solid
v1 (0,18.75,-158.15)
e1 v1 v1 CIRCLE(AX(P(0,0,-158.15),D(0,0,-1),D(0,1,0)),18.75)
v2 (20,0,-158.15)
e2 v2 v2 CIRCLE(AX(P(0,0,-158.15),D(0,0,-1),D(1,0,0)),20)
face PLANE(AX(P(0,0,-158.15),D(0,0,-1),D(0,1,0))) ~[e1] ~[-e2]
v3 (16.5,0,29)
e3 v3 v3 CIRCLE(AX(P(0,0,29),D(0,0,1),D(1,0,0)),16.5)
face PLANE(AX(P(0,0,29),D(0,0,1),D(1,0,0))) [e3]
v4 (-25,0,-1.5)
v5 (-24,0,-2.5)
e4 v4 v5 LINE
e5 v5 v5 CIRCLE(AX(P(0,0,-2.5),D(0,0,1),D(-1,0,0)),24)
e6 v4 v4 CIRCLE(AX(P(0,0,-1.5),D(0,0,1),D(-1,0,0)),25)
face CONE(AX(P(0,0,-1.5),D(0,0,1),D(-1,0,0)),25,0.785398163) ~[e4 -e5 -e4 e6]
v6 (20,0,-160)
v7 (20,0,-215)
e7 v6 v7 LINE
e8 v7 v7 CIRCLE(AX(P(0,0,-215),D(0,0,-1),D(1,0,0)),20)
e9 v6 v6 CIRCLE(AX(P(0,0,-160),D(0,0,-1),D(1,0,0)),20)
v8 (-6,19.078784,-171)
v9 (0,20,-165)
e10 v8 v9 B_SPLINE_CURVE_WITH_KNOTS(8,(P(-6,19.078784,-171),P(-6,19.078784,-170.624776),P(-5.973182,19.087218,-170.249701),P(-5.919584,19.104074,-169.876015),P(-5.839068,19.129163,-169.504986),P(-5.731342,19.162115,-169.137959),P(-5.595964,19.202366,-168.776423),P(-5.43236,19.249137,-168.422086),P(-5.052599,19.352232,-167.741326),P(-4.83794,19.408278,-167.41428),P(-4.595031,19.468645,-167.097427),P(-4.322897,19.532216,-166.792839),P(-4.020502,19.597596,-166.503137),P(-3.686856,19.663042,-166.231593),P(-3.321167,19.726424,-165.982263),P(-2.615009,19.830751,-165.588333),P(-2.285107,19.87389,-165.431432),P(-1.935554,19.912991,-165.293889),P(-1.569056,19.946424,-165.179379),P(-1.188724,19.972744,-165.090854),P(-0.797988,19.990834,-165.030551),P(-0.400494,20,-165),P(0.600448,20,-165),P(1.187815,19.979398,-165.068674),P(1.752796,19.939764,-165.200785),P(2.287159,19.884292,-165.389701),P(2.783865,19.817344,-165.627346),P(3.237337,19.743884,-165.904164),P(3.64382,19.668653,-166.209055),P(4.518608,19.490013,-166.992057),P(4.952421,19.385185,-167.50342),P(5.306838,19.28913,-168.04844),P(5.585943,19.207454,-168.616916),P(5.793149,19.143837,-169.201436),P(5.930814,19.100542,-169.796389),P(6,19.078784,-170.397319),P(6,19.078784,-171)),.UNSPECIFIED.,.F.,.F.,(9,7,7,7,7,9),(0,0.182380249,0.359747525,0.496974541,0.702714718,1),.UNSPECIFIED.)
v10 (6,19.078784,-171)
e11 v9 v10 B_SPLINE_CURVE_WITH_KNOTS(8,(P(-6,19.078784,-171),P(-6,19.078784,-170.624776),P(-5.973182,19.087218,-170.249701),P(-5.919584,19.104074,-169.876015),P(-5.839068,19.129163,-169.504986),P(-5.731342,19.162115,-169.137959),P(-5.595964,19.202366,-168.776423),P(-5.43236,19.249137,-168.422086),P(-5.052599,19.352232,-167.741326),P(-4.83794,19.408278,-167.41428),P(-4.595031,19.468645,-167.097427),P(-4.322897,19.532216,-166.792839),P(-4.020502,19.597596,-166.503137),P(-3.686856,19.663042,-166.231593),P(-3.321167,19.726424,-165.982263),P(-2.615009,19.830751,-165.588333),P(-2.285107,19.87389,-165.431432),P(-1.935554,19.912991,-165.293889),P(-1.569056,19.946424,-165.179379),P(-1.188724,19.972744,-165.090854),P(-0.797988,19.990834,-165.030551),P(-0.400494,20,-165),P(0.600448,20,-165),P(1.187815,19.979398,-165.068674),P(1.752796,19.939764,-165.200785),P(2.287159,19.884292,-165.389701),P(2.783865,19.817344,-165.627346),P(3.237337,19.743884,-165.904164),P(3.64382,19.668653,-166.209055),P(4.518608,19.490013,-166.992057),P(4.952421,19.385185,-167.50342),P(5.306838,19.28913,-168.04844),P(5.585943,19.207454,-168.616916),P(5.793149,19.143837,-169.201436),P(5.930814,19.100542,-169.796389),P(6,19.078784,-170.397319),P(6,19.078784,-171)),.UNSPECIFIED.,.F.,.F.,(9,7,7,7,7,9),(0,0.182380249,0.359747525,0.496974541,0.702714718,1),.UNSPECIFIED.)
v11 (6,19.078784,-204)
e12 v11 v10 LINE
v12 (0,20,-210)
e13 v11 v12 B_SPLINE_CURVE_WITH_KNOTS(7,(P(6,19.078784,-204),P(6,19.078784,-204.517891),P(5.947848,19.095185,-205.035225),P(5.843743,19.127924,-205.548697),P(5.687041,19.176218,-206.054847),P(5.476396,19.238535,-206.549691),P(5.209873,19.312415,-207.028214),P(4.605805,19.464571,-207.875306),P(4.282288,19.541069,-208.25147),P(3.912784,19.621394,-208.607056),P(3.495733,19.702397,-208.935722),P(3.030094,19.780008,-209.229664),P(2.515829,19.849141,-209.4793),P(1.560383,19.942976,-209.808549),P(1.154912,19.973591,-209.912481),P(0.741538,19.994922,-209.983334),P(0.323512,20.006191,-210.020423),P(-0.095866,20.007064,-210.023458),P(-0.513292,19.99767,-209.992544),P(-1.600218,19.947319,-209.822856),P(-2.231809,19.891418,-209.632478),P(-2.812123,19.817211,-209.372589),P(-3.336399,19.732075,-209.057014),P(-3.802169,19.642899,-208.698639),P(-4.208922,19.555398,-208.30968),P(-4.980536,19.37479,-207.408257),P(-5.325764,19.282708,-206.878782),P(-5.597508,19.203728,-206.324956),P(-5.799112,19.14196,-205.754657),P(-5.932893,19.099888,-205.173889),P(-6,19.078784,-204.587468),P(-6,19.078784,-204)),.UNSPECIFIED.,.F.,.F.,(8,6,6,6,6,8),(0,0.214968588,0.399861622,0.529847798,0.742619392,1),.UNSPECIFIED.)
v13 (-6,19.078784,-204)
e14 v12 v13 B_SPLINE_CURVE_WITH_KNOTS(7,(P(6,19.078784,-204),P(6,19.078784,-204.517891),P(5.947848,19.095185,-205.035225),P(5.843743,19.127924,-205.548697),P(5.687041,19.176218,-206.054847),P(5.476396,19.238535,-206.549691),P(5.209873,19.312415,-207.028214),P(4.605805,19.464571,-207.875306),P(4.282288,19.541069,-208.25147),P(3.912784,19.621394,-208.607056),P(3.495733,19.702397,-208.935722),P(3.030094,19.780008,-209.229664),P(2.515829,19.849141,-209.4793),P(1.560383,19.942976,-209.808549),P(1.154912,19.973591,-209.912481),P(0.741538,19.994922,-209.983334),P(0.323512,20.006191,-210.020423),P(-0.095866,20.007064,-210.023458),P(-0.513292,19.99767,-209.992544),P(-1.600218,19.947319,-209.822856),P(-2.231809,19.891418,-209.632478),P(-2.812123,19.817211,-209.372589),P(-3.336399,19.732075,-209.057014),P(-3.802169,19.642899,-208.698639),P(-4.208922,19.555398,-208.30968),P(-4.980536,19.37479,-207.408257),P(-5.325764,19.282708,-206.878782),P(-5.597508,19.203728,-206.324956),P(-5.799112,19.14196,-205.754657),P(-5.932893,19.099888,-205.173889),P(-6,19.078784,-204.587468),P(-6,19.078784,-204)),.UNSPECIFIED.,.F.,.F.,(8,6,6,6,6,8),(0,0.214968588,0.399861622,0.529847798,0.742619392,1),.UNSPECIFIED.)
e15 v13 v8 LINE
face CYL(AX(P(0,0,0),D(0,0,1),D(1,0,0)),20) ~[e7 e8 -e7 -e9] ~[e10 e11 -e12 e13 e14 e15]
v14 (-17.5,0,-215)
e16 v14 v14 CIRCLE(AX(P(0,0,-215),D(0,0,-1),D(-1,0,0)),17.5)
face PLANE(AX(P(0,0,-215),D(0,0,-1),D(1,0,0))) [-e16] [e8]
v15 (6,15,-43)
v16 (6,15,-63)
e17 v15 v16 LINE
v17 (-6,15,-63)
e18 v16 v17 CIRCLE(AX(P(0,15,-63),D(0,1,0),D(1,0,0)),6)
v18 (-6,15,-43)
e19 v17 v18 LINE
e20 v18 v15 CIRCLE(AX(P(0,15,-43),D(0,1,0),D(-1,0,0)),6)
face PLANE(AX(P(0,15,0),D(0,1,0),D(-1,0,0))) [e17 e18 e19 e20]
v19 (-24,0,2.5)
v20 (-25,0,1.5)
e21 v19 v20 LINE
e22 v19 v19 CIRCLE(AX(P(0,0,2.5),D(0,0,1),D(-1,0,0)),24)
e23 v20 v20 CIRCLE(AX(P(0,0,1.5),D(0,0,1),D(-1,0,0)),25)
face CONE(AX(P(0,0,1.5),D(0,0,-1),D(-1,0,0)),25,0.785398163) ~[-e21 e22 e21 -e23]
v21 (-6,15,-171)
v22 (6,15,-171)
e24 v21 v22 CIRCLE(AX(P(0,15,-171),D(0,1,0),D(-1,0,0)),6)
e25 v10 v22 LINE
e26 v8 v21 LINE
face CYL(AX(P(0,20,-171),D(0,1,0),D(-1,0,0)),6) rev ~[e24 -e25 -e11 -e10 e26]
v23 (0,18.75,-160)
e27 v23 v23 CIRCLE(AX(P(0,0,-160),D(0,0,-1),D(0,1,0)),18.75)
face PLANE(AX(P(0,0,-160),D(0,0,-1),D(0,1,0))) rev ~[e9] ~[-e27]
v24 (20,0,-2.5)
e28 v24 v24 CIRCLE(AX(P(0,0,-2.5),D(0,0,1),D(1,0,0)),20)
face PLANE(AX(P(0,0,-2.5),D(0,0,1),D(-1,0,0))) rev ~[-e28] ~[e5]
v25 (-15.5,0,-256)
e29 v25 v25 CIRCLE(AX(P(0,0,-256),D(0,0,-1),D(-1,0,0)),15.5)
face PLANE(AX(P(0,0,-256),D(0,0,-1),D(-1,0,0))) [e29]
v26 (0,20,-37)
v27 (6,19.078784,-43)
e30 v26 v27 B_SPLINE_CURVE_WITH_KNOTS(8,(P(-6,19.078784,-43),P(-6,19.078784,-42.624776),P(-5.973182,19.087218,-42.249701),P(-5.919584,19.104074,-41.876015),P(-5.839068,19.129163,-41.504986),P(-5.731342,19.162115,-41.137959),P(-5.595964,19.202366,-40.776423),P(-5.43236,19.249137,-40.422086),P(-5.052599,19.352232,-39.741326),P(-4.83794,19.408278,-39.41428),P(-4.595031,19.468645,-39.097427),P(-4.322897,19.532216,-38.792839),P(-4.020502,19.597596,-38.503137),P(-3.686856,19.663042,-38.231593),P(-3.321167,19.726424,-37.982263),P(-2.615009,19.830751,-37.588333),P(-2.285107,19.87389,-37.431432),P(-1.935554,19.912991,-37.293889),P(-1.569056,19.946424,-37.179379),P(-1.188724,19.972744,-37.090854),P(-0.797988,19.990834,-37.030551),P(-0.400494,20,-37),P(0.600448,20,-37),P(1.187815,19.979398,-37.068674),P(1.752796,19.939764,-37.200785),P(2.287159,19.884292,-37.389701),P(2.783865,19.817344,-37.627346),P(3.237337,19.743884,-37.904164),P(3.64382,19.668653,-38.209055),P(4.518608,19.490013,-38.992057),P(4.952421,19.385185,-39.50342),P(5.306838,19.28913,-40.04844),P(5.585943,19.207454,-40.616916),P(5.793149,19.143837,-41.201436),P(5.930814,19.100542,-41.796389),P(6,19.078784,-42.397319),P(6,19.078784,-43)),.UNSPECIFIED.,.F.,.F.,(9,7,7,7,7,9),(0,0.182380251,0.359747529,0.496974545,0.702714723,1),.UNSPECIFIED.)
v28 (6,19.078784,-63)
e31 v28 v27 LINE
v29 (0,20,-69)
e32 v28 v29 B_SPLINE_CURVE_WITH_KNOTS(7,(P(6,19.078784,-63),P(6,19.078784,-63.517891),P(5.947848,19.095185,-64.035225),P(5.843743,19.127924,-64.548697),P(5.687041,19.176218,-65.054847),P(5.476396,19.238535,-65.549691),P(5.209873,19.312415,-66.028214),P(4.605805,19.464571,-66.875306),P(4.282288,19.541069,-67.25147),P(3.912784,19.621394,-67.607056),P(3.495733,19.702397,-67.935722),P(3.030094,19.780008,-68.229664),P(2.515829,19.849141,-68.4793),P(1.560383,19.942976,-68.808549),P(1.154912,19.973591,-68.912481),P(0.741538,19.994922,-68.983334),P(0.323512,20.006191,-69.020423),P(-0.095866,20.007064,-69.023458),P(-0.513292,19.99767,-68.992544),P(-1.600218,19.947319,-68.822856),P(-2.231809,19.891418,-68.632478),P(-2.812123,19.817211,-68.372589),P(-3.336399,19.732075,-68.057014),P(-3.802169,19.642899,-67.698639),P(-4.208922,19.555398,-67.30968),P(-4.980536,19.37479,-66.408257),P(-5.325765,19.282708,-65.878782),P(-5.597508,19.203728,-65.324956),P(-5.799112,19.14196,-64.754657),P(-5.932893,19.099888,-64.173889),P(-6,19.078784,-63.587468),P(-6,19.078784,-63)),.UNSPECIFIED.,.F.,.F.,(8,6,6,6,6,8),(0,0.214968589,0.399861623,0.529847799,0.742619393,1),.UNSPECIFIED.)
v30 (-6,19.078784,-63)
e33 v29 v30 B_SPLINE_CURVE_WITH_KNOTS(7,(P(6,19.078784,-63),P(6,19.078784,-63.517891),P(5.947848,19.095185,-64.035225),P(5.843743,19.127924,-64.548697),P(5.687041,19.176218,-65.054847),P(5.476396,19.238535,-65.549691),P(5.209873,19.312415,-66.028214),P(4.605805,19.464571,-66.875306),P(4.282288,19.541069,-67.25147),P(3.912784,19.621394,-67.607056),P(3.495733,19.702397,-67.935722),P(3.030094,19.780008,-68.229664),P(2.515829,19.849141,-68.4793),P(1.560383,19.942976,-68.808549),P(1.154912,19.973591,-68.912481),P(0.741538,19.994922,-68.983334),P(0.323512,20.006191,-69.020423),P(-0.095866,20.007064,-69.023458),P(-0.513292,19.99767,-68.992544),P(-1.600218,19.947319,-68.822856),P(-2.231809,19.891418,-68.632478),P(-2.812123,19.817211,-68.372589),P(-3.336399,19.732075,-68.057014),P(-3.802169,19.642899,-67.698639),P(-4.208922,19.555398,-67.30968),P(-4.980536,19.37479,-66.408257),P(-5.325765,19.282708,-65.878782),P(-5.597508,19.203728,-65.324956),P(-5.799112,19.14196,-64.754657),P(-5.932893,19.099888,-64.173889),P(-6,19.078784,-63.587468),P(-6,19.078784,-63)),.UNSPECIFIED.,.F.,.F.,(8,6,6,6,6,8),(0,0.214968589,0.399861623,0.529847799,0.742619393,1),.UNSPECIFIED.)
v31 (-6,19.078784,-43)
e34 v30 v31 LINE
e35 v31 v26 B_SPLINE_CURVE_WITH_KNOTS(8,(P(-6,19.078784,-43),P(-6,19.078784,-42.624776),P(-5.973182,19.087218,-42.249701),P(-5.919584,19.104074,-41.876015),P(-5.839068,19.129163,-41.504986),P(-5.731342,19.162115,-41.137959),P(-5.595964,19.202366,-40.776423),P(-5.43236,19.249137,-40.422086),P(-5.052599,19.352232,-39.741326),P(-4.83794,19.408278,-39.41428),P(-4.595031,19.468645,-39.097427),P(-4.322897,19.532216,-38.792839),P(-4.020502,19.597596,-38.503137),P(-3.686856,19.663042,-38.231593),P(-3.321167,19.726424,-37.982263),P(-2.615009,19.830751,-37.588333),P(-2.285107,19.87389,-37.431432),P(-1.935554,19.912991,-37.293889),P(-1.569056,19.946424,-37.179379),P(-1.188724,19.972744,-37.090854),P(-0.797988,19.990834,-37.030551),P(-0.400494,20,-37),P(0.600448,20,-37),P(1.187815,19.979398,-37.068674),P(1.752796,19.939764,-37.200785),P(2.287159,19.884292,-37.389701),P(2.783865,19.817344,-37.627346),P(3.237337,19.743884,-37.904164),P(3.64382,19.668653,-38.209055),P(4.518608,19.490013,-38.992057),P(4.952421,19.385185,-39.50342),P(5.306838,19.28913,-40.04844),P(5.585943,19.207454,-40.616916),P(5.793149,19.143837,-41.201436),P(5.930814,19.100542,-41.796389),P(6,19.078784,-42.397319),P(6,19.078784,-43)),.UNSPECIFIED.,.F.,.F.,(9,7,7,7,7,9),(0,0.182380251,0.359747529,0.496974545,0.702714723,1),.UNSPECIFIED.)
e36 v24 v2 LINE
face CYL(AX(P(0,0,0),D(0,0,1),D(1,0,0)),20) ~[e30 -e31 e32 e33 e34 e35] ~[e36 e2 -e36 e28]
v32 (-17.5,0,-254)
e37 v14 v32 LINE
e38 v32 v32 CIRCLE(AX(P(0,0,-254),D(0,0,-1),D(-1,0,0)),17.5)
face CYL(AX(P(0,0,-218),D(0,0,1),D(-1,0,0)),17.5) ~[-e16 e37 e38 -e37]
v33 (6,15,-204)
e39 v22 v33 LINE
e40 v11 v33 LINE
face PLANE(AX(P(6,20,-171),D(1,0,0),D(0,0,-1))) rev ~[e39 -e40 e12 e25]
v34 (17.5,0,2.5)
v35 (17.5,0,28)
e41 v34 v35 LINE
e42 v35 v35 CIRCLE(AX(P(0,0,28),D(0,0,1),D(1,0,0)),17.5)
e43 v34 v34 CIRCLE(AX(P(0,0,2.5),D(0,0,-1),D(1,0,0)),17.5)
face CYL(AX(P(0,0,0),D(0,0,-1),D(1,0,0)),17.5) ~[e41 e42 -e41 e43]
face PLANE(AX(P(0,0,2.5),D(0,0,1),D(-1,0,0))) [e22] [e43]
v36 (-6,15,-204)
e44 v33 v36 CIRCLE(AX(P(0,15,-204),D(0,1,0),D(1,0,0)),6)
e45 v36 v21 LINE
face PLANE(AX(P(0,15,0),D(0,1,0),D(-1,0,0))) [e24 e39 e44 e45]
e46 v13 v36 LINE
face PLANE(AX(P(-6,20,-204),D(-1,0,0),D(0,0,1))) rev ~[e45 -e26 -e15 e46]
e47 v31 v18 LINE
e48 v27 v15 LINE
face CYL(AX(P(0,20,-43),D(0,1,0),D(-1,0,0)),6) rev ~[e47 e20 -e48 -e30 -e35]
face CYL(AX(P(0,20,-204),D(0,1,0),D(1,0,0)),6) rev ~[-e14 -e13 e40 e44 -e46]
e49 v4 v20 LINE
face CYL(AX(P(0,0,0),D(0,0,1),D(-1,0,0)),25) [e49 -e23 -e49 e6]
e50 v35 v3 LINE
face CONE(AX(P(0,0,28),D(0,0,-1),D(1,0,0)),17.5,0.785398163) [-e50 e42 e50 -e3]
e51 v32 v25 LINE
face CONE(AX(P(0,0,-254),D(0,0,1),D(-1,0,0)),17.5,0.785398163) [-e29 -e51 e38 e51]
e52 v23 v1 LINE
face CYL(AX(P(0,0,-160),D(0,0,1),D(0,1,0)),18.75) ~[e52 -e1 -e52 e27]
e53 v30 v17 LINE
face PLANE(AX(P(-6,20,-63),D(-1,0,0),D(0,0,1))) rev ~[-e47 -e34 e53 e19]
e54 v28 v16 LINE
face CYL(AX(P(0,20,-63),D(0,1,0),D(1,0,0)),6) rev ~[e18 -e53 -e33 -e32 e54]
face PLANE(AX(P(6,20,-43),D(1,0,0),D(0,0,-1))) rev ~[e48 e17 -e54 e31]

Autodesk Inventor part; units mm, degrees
ref_plane "YZ Plane" through (0, 0, 0) normal (1, 0, 0) x (0, 1, 0)
ref_plane "XY Plane" through (0, 0, 0) normal (0, 0, 1) x (1, 0, 0)
sketch "Esboço1" plane through (0, 0, 0) normal (0, 0, 1) x (-1, 0, 0)
  circle A0 centre (0, 0) radius 25
  dimension "d0" = 50
extrude "Extrusão1" add sketch "Esboço1" along normal mid plane 5
sketch "Esboço2" plane through (0, 0, 0) normal (0, 0, -1) x (1, 0, 0)
  circle A0 centre (0, 0) radius 20
  dimension "d3" = 40
extrude "Extrusão2" add sketch "Esboço2" along normal blind 215
sketch "Esboço3" plane through (0, 0, 0) normal (0, 0, 1) x (1, 0, 0)
  circle A0 centre (0, 0) radius 17.5
  dimension "d6" = 35
extrude "Extrusão3" add sketch "Esboço3" along normal blind 29
chamfer "Chanfro2" distance 1 angle 45 3 edges at (25, 0, -2.5) (25, 0, 2.5) (-17.5, 0, 29)
ref_plane "Plano de trabalho2" through (0, 20, 0) normal (0, 1, 0) x (-1, 0, 0)
sketch "Esboço7" plane through (0, 20, 0) normal (0, 1, 0) x (-1, 0, 0)
  line L0 (0, -63) -> (0, -43) construction
  line L1 (6, -63) -> (6, -43)
  line L2 (-6, -43) -> (-6, -63)
  arc A0 (-6, -63) -> (6, -63) centre (0, -63) ccw
  arc A1 (6, -43) -> (-6, -43) centre (0, -43) ccw
  line L3 (24, -2.5) -> (-24, -2.5) projected
  point P0 (0, 0)
  point P1 (0, -53)
  dimension "d25" = 12
  dimension "d26" = 20
  dimension "d27" = 40.5
extrude "Extrusão6" cut sketch "Esboço7" against normal blind 5
sketch "Esboço8" plane through (0, 0, -215) normal (0, 0, -1) x (-1, 0, 0)
  circle A0 centre (0, 0) radius 20 projected
  circle A1 centre (0, 0) radius 17.5
  dimension "d30" = 35
extrude "Extrusão7" add sketch "Esboço8" along normal blind 3 contours A1
sketch "Esboço9" plane through (0, 0, -218) normal (0, 0, -1) x (-1, 0, 0)
  circle A0 centre (0, 0) radius 17.5 projected
  circle A1 centre (0, 0) radius 19.5
  dimension "d33" = 39
extrude "Extrusão8" add sketch "Esboço9" along normal blind 38 contours A0
chamfer "Chanfro3" distance 2 angle 45 1 edges at (17.5, 0, -256)
thread "Rosca1" size "M39x4" class "6g" standard "ANSI Metric M Profile" full length
sketch "Esboço10" plane through (0, 0, 0) normal (1, 0, 0) x (0, 1, 0)
  line L0 (20, -2.5) -> (20, -215) projected
  line L1 (20, -160) -> (18.75, -160)
  line L2 (18.75, -160) -> (18.75, -158.15)
  line L3 (18.75, -158.15) -> (20, -158.15)
  line L4 (20, -158.15) -> (20, -160)
  line L5 (0, 0) -> (0, -179.7731)
  dimension "d41" = 1.85
  dimension "d42" = 160
  dimension "d43" = 37.5
revolve "Revolução1" cut sketch "Esboço10" angle 360 about axis through (0, 0, 0) along (0, 0, -1)
sketch "Esboço11" plane through (0, 20, 0) normal (0, 1, 0) x (-1, 0, 0)
  line L0 (0, -204) -> (0, -171) construction
  line L1 (6, -204) -> (6, -171)
  line L2 (-6, -171) -> (-6, -204)
  arc A0 (-6, -204) -> (6, -204) centre (0, -204) ccw
  arc A1 (6, -171) -> (-6, -171) centre (0, -171) ccw
  point P0 (0, 0)
  point P1 (0, -187.5)
  dimension "d45" = 171
  dimension "d46" = 33
  dimension "d47" = 6
extrude "Extrusão9" cut sketch "Esboço11" against normal blind 5
properties material "Liga de aço"
